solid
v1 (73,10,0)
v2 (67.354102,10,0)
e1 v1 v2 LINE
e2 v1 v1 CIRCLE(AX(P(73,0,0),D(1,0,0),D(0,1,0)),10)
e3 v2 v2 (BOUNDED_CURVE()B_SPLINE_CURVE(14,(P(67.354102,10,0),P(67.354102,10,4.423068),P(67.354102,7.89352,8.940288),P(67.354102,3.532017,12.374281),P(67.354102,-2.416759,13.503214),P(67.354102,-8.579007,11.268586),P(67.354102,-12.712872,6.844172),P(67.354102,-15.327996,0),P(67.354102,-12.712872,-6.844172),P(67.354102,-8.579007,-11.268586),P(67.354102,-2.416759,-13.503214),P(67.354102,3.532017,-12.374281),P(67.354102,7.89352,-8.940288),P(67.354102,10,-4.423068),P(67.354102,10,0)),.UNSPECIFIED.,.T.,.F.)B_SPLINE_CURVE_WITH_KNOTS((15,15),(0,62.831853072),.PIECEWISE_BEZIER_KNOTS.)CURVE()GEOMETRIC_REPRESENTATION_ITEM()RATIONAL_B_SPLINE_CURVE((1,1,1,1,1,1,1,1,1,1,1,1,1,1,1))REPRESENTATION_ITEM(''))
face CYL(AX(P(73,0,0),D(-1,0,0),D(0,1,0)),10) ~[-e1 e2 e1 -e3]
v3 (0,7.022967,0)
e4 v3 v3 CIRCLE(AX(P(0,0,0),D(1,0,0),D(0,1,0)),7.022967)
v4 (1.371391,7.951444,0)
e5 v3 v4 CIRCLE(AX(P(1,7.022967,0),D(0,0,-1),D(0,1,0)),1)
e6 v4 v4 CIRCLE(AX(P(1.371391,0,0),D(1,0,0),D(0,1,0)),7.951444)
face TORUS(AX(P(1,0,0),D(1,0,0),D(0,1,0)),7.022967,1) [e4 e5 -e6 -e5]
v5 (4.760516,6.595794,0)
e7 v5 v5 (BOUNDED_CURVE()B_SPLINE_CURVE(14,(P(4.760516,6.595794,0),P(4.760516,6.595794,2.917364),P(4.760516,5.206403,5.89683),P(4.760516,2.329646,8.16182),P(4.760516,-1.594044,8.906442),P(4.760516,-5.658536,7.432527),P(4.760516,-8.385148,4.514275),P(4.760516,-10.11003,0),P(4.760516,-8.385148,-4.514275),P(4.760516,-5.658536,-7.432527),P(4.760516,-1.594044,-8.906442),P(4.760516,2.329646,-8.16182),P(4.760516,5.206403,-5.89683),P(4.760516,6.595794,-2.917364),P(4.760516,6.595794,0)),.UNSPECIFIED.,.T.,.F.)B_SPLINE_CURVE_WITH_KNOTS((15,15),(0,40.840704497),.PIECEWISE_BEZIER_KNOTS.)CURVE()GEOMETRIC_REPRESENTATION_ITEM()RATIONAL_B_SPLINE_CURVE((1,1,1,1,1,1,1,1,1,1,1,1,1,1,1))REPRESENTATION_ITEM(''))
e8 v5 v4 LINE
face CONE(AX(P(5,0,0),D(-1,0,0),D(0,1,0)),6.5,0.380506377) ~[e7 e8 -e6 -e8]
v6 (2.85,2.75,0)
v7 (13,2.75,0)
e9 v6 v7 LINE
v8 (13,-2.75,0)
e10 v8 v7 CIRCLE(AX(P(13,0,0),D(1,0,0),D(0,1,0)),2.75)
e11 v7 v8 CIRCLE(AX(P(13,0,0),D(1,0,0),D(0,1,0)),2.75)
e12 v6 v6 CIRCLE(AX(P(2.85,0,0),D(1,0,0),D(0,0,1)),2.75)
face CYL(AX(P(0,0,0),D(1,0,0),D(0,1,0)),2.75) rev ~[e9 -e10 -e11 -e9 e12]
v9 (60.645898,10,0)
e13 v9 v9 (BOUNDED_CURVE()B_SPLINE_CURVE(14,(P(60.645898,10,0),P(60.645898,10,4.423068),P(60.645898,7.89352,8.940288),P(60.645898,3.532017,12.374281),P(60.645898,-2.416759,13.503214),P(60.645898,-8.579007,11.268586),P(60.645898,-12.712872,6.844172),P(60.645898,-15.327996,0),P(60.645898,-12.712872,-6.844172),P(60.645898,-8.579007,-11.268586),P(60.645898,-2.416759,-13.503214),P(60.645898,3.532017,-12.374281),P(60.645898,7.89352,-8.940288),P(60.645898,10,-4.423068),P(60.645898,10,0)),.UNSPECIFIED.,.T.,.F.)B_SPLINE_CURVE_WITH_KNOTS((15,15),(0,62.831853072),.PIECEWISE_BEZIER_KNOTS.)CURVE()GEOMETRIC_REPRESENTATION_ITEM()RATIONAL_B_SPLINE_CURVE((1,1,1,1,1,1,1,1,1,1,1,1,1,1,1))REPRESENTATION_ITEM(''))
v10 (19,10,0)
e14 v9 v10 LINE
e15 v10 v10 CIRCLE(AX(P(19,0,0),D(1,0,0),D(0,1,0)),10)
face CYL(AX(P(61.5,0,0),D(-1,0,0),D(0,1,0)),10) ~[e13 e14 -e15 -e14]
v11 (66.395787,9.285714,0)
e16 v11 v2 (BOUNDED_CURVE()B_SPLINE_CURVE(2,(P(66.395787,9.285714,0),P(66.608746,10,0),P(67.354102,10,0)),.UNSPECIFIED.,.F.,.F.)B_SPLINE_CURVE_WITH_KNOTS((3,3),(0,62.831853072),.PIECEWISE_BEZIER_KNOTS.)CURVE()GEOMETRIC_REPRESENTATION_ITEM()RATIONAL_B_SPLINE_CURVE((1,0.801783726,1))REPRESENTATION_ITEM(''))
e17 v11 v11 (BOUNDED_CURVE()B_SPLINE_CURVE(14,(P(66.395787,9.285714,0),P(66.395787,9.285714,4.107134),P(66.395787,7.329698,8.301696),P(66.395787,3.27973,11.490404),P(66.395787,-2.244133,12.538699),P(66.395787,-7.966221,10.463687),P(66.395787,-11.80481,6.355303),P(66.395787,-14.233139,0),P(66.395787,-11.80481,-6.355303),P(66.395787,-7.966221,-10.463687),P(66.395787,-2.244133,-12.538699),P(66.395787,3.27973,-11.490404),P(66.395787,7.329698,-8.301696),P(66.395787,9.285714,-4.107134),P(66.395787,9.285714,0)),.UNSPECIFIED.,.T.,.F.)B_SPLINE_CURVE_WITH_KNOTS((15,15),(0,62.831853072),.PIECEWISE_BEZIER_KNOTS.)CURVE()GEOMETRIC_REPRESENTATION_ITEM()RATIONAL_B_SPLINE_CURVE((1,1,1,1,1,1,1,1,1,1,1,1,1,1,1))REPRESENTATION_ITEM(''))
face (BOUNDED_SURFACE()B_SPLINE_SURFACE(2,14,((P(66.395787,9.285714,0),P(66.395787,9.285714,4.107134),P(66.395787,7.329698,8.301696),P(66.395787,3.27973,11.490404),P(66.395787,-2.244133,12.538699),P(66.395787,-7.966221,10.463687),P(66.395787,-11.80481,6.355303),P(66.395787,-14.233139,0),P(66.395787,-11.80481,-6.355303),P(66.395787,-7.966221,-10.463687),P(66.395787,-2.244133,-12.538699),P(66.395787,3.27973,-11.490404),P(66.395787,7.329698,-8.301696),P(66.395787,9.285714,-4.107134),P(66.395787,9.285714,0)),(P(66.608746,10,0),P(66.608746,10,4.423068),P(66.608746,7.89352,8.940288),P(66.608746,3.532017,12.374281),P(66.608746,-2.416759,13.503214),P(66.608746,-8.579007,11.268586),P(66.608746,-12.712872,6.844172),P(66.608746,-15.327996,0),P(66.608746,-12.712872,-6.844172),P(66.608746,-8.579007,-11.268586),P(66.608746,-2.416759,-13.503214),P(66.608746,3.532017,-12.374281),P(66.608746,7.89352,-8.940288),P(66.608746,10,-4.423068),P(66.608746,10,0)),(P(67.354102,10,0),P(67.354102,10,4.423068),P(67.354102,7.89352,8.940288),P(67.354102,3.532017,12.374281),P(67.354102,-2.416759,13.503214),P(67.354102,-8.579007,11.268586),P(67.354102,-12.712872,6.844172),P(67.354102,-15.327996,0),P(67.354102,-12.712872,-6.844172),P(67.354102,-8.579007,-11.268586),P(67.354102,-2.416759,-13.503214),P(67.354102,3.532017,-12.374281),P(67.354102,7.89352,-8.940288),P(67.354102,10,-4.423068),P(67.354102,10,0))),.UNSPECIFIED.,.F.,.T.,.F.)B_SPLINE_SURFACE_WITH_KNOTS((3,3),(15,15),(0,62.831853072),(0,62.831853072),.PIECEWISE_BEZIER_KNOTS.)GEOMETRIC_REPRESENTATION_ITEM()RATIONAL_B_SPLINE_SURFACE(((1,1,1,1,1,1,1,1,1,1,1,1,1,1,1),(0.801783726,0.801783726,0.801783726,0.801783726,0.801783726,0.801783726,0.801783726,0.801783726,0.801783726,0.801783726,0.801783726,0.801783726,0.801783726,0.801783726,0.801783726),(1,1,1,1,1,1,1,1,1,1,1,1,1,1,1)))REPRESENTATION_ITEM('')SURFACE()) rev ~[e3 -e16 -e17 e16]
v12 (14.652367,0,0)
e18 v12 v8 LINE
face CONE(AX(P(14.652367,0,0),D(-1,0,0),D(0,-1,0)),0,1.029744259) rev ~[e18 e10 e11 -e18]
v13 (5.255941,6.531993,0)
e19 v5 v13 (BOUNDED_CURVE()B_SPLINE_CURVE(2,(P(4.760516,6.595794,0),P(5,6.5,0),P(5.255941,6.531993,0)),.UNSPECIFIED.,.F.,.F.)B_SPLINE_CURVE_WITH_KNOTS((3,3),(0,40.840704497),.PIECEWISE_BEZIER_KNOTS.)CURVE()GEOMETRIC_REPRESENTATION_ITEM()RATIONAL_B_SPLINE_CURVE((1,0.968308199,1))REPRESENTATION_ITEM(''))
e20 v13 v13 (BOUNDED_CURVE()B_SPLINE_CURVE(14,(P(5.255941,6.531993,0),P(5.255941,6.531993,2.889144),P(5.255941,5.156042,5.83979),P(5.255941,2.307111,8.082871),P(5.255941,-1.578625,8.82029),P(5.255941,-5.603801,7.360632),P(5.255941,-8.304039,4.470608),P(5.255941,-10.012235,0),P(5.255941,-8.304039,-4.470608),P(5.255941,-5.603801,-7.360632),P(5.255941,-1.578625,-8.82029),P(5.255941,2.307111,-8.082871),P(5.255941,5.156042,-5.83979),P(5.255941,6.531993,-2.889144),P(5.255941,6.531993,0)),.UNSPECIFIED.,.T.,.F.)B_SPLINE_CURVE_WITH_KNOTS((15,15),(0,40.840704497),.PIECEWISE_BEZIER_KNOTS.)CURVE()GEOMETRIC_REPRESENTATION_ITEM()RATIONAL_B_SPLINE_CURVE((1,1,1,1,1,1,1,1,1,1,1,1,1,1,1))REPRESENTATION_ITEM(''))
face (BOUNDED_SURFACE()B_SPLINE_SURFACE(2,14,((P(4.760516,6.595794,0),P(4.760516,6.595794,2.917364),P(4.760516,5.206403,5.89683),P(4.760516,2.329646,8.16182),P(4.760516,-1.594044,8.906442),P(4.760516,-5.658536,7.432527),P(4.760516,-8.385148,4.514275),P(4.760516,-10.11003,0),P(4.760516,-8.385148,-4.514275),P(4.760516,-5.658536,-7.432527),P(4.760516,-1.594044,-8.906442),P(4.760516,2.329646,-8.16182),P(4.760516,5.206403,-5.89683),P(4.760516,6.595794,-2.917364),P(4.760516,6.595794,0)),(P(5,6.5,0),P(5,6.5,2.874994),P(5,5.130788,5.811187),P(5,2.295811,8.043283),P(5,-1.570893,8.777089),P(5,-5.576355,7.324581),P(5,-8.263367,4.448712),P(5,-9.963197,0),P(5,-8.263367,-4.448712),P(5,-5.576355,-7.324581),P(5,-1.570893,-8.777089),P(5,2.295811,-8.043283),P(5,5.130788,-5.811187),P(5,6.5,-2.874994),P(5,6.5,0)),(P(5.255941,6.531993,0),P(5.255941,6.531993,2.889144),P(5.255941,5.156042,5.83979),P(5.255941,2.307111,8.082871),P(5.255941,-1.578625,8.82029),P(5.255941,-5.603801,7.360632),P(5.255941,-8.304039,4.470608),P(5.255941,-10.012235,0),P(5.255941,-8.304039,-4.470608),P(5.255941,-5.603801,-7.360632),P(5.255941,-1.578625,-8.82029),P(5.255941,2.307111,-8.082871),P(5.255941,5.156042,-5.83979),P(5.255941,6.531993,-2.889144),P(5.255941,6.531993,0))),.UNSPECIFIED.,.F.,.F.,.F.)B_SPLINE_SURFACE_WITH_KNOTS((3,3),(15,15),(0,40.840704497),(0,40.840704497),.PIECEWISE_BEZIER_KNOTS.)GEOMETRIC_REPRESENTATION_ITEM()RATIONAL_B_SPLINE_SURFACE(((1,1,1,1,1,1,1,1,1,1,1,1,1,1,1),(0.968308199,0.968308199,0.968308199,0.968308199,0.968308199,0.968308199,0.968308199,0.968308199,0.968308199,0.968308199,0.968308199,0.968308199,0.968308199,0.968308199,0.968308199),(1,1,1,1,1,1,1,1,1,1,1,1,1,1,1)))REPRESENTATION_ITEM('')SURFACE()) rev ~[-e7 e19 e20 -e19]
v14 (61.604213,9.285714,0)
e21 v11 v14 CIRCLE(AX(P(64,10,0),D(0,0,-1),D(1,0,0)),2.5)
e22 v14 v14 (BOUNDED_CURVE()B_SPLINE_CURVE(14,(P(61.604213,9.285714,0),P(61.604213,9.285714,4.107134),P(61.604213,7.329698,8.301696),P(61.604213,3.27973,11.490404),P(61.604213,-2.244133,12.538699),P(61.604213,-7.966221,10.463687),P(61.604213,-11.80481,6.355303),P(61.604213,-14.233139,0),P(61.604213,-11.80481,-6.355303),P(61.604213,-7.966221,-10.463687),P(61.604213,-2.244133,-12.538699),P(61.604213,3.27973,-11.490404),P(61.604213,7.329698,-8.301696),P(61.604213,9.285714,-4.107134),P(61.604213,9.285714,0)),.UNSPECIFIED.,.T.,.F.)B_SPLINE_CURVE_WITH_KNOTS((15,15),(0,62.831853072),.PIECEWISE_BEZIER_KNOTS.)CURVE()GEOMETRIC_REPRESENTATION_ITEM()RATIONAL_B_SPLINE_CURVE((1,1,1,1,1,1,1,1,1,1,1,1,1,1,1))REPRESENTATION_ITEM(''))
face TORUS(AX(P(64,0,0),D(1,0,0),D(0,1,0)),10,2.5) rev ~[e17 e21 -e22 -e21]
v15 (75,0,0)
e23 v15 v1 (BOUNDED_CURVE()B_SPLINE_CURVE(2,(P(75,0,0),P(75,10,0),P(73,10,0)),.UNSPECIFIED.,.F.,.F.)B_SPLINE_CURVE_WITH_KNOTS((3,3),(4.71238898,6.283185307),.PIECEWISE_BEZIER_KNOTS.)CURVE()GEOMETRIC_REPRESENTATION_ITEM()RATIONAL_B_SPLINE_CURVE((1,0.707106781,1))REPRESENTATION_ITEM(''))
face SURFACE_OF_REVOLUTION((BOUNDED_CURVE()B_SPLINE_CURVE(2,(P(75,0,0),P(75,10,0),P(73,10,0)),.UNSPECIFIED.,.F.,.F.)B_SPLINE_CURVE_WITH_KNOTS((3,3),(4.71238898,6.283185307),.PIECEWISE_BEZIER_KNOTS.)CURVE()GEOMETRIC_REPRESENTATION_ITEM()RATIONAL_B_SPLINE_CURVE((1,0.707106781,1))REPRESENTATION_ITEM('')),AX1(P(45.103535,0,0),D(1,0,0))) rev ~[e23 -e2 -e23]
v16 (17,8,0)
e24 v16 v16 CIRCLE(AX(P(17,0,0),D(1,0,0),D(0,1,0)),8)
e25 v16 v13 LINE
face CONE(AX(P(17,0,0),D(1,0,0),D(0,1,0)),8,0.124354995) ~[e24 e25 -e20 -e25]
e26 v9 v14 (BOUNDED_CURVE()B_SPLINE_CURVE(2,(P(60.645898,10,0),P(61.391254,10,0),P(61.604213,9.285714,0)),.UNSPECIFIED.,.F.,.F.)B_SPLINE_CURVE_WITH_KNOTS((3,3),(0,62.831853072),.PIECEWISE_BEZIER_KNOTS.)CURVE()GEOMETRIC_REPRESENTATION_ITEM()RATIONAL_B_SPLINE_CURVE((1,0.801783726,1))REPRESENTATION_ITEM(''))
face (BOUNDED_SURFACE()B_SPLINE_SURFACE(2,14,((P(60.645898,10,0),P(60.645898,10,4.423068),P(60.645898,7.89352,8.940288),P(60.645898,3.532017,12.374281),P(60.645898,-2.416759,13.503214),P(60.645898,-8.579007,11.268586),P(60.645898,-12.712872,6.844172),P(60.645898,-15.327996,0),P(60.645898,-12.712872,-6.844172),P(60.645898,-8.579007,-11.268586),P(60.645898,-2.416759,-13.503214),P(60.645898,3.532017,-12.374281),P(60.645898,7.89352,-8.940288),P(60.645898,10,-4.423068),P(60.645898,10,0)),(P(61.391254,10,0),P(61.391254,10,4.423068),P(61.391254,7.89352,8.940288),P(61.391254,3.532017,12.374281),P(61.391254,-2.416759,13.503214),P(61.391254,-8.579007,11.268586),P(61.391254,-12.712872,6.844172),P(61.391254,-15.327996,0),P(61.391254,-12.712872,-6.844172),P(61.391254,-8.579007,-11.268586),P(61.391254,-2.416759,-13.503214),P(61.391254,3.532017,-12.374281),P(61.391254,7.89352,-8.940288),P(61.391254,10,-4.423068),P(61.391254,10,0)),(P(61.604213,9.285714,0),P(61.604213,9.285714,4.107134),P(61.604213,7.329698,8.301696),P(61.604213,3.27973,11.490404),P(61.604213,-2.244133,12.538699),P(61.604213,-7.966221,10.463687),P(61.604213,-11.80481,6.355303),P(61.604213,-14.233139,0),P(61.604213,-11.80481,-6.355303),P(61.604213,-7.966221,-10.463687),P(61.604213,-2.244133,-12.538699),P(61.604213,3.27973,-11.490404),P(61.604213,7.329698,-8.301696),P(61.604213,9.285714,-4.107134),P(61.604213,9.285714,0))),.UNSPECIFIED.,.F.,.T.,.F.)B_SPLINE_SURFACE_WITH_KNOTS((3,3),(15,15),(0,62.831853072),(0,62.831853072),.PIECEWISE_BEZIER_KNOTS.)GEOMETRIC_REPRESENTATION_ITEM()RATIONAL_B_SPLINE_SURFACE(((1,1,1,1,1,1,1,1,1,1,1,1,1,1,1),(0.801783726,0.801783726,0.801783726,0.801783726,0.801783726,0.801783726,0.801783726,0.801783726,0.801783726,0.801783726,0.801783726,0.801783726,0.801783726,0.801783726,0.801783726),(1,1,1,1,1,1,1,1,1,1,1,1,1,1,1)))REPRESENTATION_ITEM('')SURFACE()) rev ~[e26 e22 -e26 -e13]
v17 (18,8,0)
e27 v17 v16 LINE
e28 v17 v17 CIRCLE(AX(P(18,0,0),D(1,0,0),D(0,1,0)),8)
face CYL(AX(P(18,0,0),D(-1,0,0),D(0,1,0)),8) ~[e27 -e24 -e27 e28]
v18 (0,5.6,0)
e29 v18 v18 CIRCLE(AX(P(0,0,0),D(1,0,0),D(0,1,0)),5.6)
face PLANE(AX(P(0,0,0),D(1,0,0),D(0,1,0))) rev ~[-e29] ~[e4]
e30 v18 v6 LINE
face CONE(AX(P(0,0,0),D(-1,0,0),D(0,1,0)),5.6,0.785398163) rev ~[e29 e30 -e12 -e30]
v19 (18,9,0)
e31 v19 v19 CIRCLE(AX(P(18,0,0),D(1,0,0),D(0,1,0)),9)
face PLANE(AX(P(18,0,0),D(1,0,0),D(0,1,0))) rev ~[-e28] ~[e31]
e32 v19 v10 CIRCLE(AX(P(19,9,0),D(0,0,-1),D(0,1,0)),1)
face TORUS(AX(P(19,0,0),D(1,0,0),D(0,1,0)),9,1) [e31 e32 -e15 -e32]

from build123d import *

# Parameters (mm, degrees)
F3_D           = 5.5
F3_DEPTH       = 13
F3_CSINK_D     = 11.2
F3_CSINK_ANGLE = 90
F3_TIP         = 1.6523667023
F4_R           = 1


with BuildPart() as f1:
    # F0 (on Top) → F1 (revolve)
    with BuildSketch(Plane.XY):
        with BuildLine():
            Line((0, 8.5), (0, 0))
            Line((0, 0), (75, 0))
            add(Edge.make_bspline(
                [(75, 0), (75, 10), (73, 10)],
                knots=[4.7123889804, 4.7123889804, 4.7123889804, 6.2831853072, 6.2831853072, 6.2831853072], degree=2, weights=[1, 0.7071067812, 1]))
            Line((73, 10), (66.5, 10))
            ThreePointArc((66.5, 10), (64, 7.5), (61.5, 10))
            Line((61.5, 10), (18, 10))
            Line((18, 10), (18, 8))
            Line((18, 8), (17, 8))
            Line((17, 8), (5, 6.5))
            Line((5, 6.5), (0, 8.5))
        make_face()
    revolve(axis=Axis((45.1035350561, 0, 0), (1, 0, 0)))

    # F3
    with Locations(Plane(origin=(0, 0, 0), x_dir=(0, -1, 0), z_dir=(-1, 0, 0))):
        with Locations((0, 0)):
            CounterSinkHole(F3_D / 2, F3_CSINK_D / 2, depth=F3_DEPTH, counter_sink_angle=F3_CSINK_ANGLE)
            with Locations((0, 0, -(F3_DEPTH + F3_TIP / 2))):  # 118° drill point
                Cone(0, F3_D / 2, F3_TIP, mode=Mode.SUBTRACT)

    # F4
    f4_edges = [f1.edges().sort_by_distance(p)[0] for p in [
        (5, -6.5, 0),
        (18, -10, 0),
        (66.5, -10, 0),
        (61.5, -10, 0),
        (73, -10, 0),
        (0, -8.5, 0),
    ]]
    fillet(f4_edges, radius=F4_R)


solid = f1.part
